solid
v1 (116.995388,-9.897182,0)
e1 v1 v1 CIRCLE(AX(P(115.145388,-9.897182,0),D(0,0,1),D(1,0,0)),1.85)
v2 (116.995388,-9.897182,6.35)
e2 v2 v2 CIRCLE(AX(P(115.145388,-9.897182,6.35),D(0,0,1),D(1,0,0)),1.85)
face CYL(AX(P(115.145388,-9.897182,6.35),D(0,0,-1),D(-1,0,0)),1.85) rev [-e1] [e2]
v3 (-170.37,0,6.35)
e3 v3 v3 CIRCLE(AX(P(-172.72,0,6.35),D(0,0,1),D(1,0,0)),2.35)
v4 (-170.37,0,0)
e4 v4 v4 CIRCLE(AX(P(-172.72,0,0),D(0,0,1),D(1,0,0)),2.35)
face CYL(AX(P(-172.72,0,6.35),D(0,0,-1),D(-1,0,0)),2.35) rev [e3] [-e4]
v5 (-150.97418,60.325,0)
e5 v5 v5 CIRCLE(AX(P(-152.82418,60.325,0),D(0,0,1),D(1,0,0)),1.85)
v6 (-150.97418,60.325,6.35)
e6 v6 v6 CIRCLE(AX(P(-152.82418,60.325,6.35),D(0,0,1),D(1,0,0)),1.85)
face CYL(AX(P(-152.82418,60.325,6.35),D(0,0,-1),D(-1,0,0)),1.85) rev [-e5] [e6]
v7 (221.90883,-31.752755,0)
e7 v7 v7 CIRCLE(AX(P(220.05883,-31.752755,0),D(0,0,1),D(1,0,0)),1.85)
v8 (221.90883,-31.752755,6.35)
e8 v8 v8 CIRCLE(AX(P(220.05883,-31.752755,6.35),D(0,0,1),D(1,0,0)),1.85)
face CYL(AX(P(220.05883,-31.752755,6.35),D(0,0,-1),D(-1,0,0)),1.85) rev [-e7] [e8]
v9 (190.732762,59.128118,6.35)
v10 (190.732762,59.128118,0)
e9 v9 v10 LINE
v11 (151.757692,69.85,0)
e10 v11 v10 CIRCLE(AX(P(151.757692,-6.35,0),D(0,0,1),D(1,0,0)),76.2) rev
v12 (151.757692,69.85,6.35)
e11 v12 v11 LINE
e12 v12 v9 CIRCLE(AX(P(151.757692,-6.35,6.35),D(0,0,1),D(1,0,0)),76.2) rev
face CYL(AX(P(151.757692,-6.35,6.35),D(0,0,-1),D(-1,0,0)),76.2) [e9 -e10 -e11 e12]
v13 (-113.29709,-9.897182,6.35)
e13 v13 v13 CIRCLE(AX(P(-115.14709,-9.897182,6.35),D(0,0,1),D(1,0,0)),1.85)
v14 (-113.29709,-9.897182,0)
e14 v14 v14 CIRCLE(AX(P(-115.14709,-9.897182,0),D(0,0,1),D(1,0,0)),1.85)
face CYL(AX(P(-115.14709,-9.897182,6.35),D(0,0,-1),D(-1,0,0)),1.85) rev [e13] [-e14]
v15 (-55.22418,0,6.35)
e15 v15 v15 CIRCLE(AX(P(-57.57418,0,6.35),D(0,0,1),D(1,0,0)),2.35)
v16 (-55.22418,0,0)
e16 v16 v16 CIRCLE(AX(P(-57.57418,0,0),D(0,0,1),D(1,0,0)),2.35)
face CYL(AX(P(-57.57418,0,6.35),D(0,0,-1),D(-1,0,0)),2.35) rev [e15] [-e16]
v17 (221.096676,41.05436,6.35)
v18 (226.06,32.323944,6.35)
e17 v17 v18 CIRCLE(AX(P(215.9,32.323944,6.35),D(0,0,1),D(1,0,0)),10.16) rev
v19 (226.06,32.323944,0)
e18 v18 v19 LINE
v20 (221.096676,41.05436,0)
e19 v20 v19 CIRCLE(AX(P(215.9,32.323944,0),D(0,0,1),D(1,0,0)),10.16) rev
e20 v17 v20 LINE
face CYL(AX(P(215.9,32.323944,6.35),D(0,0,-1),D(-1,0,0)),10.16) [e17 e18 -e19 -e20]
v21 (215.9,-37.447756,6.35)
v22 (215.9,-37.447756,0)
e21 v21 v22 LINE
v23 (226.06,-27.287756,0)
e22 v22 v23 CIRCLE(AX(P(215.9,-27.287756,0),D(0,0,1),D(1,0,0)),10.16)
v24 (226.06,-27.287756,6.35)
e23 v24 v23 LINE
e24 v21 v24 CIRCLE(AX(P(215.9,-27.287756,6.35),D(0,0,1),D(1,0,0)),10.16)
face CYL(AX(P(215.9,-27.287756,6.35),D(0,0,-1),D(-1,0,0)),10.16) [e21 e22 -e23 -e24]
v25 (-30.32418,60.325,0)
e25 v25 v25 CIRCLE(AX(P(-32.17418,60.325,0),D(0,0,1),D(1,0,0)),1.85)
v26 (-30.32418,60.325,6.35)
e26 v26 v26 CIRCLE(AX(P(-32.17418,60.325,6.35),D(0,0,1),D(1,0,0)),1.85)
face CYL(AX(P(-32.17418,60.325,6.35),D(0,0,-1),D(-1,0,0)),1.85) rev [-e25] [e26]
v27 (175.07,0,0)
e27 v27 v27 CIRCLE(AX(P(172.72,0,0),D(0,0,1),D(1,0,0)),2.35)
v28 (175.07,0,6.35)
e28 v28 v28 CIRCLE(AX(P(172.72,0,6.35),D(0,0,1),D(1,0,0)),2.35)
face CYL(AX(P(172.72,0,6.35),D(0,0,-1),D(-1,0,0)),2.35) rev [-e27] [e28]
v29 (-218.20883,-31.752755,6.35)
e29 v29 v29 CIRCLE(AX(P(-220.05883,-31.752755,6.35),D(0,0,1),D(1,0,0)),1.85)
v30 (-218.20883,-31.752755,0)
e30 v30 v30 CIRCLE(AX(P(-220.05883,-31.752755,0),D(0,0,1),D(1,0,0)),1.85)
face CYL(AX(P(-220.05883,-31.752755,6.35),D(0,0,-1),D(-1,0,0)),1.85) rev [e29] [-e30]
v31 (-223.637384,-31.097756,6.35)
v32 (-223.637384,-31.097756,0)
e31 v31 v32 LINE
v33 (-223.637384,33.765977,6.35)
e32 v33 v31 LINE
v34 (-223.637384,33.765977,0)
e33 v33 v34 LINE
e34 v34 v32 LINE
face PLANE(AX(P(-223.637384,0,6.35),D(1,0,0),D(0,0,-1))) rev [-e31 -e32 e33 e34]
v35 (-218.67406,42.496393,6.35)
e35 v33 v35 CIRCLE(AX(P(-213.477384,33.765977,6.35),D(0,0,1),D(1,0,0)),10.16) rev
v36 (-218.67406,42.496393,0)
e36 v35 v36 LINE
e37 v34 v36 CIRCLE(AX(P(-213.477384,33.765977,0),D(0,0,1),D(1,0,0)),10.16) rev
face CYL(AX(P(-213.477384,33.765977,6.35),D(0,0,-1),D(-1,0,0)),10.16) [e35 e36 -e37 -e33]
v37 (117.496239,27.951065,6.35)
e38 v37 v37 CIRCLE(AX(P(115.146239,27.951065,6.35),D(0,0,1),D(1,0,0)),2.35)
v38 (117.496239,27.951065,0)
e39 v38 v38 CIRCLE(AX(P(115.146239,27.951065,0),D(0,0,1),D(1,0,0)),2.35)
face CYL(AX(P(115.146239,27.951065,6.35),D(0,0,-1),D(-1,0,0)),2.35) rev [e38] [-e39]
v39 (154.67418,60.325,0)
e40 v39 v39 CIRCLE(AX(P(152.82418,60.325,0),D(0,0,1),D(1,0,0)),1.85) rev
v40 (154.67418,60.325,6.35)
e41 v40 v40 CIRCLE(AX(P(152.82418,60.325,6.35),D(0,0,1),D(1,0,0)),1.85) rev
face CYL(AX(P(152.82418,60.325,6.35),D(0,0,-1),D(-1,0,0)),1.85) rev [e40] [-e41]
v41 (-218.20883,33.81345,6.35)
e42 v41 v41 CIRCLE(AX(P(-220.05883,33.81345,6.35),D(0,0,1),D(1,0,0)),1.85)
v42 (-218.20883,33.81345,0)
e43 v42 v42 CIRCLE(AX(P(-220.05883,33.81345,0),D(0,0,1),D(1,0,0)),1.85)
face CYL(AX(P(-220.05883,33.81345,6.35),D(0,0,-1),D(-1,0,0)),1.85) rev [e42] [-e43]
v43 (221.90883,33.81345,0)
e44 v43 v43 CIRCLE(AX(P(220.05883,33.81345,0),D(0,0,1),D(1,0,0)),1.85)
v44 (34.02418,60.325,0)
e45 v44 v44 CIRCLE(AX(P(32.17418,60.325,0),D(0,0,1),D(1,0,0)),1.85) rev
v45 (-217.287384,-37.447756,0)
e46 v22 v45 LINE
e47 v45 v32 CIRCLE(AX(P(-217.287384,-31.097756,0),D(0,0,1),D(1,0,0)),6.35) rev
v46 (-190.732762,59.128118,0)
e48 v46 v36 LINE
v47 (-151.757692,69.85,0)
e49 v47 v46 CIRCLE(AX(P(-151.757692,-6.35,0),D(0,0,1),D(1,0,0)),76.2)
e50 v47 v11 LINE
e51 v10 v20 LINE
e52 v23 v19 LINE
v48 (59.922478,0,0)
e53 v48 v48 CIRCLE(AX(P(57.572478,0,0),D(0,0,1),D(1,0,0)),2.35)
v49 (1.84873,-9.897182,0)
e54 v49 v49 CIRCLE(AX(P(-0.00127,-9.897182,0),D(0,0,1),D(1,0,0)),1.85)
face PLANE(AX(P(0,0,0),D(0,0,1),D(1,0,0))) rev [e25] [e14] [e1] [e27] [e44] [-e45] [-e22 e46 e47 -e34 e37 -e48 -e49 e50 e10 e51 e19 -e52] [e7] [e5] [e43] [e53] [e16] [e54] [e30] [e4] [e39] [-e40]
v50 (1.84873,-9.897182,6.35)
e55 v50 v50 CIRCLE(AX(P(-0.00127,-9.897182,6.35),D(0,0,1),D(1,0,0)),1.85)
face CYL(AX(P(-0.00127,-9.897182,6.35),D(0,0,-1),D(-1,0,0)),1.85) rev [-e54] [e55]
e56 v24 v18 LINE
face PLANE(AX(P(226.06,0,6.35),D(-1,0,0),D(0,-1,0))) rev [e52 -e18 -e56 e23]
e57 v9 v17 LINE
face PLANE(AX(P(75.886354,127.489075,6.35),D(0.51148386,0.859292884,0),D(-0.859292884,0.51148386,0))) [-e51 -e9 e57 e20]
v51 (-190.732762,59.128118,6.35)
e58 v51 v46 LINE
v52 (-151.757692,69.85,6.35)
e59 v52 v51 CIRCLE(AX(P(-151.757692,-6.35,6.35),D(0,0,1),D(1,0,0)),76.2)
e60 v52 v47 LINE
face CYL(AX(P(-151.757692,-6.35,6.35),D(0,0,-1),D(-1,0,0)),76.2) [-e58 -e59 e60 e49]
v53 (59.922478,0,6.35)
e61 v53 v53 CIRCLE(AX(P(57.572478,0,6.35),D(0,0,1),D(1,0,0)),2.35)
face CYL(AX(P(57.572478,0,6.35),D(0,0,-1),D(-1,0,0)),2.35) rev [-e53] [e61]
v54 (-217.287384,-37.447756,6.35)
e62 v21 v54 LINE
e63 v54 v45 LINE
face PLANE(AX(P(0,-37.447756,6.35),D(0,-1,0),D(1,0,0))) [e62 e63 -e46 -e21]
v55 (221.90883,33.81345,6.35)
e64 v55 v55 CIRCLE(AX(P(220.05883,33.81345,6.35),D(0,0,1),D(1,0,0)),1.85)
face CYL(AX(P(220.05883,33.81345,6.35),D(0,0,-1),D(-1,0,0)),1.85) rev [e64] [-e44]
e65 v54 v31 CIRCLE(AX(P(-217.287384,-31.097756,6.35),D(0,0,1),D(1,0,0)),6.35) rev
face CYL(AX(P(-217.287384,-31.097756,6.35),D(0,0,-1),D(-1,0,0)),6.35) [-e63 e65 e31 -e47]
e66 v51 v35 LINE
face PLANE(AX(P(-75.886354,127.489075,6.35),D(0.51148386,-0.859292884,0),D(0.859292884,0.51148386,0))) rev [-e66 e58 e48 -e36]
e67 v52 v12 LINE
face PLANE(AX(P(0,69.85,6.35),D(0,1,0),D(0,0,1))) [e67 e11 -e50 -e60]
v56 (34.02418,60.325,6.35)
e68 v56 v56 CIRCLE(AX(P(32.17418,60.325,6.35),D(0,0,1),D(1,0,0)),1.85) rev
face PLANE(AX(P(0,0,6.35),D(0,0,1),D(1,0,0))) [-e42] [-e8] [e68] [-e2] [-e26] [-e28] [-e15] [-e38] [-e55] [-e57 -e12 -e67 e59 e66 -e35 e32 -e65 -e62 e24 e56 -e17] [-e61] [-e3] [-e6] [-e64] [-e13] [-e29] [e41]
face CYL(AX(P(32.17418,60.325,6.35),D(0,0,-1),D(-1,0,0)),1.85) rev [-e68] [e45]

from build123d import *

# Parameters (mm, degrees)
SKETCH1_R           = 2.35
SKETCH1_R_2         = 1.85000011
SKETCH1_R_3         = 1.85
BOSS_EXTRUDE1_DEPTH = 6.35


with BuildPart() as part:
    # Sketch1 → Boss-Extrude1 (new body)
    with BuildSketch(Plane.XY):
        with BuildLine():
            Line((-149.618797812, -37.447756374), (-217.287383527, -37.447756374))
            ThreePointArc((-217.287383527, -37.447756374), (-221.777511587, -35.587884435), (-223.637383527, -31.097756374))
            Line((-223.637383527, -31.097756374), (-223.637383527, 33.765977424))
            ThreePointArc((-223.637383527, 33.765977424), (-222.309818874, 38.787300541), (-218.674059542, 42.49639313))
            Line((-218.674059542, 42.49639313), (-190.732762109, 59.128117792))
            ThreePointArc((-190.732762109, 59.128117792), (-171.969166759, 67.120649159), (-151.757691995, 69.85))
            Line((-151.757691995, 69.85), (151.757691995, 69.85))
            ThreePointArc((151.757691995, 69.85), (171.969166759, 67.120649159), (190.732762109, 59.128117792))
            Line((190.732762109, 59.128117792), (221.096676015, 41.054359515))
            ThreePointArc((221.096676015, 41.054359515), (224.732435347, 37.345266926), (226.06, 32.323943809))
            Line((226.06, 32.323943809), (226.06, -27.287756374))
            ThreePointArc((226.06, -27.287756374), (223.084204897, -34.471961271), (215.9, -37.447756374))
            Line((215.9, -37.447756374), (-149.618797812, -37.447756374))
        make_face()
        with Locations((-172.72, 0)):
            Circle(SKETCH1_R, mode=Mode.SUBTRACT)
        with Locations((-57.57418, 0)):
            Circle(SKETCH1_R, mode=Mode.SUBTRACT)
        with Locations((57.5724782, 0)):
            Circle(SKETCH1_R, mode=Mode.SUBTRACT)
        with Locations((172.72, 0)):
            Circle(SKETCH1_R, mode=Mode.SUBTRACT)
        with Locations((220.058830169, -31.752755237)):
            Circle(SKETCH1_R_2, mode=Mode.SUBTRACT)
        with Locations((115.1462391, 27.951065379)):
            Circle(SKETCH1_R, mode=Mode.SUBTRACT)
        with Locations((-220.058830169, -31.752755237)):
            Circle(SKETCH1_R_2, mode=Mode.SUBTRACT)
        with Locations((-32.17418, 60.325)):
            Circle(SKETCH1_R_3, mode=Mode.SUBTRACT)
        with Locations((-152.82418, 60.325)):
            Circle(SKETCH1_R_3, mode=Mode.SUBTRACT)
        with Locations((152.82418, 60.325)):
            Circle(SKETCH1_R_3, mode=Mode.SUBTRACT)
        with Locations((32.17418, 60.325)):
            Circle(SKETCH1_R_3, mode=Mode.SUBTRACT)
        with Locations((115.1453882, -9.897181959)):
            Circle(SKETCH1_R_3, mode=Mode.SUBTRACT)
        with Locations((-115.14709, -9.897181959)):
            Circle(SKETCH1_R_3, mode=Mode.SUBTRACT)
        with Locations((-0.00127, -9.897181959)):
            Circle(SKETCH1_R_3, mode=Mode.SUBTRACT)
        with Locations((220.058830169, 33.81345012)):
            Circle(SKETCH1_R_3, mode=Mode.SUBTRACT)
        with Locations((-220.058830169, 33.81345012)):
            Circle(SKETCH1_R_3, mode=Mode.SUBTRACT)
    extrude(amount=BOSS_EXTRUDE1_DEPTH)


solid = part.part
